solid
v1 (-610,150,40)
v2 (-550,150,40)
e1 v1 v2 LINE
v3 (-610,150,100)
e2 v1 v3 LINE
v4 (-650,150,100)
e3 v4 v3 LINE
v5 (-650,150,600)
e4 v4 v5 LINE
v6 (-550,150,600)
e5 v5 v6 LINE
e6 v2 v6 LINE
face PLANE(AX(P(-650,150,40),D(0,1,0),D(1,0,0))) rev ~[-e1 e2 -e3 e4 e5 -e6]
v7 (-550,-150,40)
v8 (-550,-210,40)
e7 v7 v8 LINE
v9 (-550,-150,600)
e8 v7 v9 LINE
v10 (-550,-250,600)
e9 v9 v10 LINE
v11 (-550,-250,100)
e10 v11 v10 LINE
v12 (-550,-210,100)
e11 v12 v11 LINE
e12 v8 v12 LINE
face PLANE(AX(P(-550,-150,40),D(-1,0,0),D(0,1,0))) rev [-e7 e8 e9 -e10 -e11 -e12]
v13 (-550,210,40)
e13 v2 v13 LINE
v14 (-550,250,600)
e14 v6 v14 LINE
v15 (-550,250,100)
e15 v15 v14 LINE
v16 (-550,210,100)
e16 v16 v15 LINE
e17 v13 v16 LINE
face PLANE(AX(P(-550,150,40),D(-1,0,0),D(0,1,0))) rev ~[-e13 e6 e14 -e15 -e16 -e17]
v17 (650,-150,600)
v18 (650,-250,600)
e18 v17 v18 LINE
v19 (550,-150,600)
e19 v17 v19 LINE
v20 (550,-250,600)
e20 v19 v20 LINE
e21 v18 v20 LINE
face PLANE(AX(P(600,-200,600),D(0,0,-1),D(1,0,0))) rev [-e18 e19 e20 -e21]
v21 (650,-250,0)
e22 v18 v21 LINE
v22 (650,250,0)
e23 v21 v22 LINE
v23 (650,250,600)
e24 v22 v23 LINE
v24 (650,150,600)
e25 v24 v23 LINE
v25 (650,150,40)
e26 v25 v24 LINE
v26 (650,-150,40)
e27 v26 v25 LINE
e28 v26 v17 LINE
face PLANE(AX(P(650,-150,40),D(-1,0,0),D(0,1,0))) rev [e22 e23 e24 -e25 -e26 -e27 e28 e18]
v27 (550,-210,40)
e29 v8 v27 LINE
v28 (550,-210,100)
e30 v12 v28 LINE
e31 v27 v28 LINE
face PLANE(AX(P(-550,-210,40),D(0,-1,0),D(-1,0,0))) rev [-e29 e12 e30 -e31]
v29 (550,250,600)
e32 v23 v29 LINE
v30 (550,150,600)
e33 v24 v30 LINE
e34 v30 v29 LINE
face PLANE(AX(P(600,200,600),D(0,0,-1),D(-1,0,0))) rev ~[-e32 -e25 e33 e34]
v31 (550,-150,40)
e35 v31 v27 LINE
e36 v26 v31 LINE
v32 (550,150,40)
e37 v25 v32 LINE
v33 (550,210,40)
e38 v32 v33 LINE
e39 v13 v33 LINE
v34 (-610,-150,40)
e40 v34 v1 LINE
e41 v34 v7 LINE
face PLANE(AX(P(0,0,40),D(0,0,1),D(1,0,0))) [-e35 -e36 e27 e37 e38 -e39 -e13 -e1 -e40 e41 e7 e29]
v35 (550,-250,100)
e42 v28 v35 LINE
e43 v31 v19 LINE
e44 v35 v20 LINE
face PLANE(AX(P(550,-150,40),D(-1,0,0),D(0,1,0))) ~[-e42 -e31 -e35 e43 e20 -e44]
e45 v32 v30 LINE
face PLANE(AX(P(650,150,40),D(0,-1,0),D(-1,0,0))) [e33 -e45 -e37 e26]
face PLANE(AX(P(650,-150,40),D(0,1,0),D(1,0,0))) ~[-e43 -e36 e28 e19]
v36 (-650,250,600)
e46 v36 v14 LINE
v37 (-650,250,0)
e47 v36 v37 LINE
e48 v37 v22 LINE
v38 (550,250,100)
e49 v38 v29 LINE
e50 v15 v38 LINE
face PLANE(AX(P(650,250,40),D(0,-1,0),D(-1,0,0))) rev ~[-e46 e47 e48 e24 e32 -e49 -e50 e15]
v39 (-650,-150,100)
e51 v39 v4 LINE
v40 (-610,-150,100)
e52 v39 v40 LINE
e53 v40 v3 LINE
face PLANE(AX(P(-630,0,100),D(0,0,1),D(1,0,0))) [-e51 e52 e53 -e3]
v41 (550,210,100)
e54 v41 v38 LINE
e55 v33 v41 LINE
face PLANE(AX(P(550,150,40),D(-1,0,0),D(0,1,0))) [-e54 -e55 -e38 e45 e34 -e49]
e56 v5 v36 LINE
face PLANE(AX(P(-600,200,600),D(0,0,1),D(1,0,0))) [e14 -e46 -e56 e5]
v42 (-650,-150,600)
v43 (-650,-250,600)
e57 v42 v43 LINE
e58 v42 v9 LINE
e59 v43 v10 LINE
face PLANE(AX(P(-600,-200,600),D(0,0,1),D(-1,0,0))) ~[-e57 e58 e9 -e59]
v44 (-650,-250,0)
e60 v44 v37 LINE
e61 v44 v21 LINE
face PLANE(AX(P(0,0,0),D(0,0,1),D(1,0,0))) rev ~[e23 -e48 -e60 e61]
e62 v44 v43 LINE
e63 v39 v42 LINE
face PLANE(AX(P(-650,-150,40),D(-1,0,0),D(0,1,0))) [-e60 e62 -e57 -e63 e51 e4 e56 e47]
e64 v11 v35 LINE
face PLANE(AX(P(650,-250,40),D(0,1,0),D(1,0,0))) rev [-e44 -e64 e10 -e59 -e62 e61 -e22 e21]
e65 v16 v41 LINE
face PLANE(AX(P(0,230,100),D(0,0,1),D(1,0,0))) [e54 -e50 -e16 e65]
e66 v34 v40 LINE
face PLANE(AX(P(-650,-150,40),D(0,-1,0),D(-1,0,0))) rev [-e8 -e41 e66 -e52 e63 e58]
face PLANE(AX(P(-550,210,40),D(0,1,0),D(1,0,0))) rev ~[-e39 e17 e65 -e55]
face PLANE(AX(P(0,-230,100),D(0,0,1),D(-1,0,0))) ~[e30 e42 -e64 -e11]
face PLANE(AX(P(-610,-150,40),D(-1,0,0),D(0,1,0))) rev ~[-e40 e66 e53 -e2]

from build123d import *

# Parameters (mm, degrees)
SKETCH_W                = 1300
SKETCH_H                = 500
PAD_DEPTH               = 40
SKETCH001_W             = 100
SKETCH001_H             = 100
PAD001_DEPTH            = 560
SKETCH001_MIRRORED_2_W  = 100
SKETCH001_MIRRORED_2_H  = 100
PAD001_MIRRORED_2_DEPTH = 560
SKETCH002_W             = 1100
SKETCH002_H             = 40
PAD002_DEPTH            = 60
SKETCH003_W             = 40
SKETCH003_H             = 300
PAD003_DEPTH            = 60


with BuildPart() as part:
    # Sketch → Pad (new body)
    with BuildSketch(Plane.XY):
        Rectangle(SKETCH_W, SKETCH_H)
    extrude(amount=PAD_DEPTH)

    # Sketch001 → Pad001 (join)
    with BuildSketch(Plane.XY.offset(40)):
        with Locations((-600, 200)):
            Rectangle(SKETCH001_W, SKETCH001_H)
    pad001 = extrude(amount=PAD001_DEPTH)

    # Sketch001 Mirrored 2 → Pad001 Mirrored 2 (add)
    with BuildSketch(Plane(origin=(0, 0, 40), x_dir=(-1, 0, 0), z_dir=(0, 0, -1))):
        with Locations((-600, 200)):
            Rectangle(SKETCH001_MIRRORED_2_W, SKETCH001_MIRRORED_2_H)
    pad001_mirrored_2 = extrude(amount=-PAD001_MIRRORED_2_DEPTH)

    # Mirrored001: Pad001, Pad001 Mirrored 2 across Sketch001 H_Axis
    add(pad001.mirror(Plane(origin=(0, 0, 40), x_dir=(0, 0, 1), z_dir=(0, 1, 0))))
    add(pad001_mirrored_2.mirror(Plane(origin=(0, 0, 40), x_dir=(0, 0, 1), z_dir=(0, 1, 0))))

    # Sketch002 → Pad002 (join)
    with BuildSketch(Plane.XY.offset(40)):
        with Locations((0, 230)):
            Rectangle(SKETCH002_W, SKETCH002_H)
    pad002 = extrude(amount=PAD002_DEPTH)

    # Sketch003 → Pad003 (join)
    with BuildSketch(Plane.XY.offset(40)):
        with Locations((-630, 0)):
            Rectangle(SKETCH003_W, SKETCH003_H)
    extrude(amount=PAD003_DEPTH)

    # Mirrored003: Pad002 across Sketch002 H_Axis
    add(pad002.mirror(Plane(origin=(0, 0, 40), x_dir=(0, 0, 1), z_dir=(0, 1, 0))))


solid = part.part
